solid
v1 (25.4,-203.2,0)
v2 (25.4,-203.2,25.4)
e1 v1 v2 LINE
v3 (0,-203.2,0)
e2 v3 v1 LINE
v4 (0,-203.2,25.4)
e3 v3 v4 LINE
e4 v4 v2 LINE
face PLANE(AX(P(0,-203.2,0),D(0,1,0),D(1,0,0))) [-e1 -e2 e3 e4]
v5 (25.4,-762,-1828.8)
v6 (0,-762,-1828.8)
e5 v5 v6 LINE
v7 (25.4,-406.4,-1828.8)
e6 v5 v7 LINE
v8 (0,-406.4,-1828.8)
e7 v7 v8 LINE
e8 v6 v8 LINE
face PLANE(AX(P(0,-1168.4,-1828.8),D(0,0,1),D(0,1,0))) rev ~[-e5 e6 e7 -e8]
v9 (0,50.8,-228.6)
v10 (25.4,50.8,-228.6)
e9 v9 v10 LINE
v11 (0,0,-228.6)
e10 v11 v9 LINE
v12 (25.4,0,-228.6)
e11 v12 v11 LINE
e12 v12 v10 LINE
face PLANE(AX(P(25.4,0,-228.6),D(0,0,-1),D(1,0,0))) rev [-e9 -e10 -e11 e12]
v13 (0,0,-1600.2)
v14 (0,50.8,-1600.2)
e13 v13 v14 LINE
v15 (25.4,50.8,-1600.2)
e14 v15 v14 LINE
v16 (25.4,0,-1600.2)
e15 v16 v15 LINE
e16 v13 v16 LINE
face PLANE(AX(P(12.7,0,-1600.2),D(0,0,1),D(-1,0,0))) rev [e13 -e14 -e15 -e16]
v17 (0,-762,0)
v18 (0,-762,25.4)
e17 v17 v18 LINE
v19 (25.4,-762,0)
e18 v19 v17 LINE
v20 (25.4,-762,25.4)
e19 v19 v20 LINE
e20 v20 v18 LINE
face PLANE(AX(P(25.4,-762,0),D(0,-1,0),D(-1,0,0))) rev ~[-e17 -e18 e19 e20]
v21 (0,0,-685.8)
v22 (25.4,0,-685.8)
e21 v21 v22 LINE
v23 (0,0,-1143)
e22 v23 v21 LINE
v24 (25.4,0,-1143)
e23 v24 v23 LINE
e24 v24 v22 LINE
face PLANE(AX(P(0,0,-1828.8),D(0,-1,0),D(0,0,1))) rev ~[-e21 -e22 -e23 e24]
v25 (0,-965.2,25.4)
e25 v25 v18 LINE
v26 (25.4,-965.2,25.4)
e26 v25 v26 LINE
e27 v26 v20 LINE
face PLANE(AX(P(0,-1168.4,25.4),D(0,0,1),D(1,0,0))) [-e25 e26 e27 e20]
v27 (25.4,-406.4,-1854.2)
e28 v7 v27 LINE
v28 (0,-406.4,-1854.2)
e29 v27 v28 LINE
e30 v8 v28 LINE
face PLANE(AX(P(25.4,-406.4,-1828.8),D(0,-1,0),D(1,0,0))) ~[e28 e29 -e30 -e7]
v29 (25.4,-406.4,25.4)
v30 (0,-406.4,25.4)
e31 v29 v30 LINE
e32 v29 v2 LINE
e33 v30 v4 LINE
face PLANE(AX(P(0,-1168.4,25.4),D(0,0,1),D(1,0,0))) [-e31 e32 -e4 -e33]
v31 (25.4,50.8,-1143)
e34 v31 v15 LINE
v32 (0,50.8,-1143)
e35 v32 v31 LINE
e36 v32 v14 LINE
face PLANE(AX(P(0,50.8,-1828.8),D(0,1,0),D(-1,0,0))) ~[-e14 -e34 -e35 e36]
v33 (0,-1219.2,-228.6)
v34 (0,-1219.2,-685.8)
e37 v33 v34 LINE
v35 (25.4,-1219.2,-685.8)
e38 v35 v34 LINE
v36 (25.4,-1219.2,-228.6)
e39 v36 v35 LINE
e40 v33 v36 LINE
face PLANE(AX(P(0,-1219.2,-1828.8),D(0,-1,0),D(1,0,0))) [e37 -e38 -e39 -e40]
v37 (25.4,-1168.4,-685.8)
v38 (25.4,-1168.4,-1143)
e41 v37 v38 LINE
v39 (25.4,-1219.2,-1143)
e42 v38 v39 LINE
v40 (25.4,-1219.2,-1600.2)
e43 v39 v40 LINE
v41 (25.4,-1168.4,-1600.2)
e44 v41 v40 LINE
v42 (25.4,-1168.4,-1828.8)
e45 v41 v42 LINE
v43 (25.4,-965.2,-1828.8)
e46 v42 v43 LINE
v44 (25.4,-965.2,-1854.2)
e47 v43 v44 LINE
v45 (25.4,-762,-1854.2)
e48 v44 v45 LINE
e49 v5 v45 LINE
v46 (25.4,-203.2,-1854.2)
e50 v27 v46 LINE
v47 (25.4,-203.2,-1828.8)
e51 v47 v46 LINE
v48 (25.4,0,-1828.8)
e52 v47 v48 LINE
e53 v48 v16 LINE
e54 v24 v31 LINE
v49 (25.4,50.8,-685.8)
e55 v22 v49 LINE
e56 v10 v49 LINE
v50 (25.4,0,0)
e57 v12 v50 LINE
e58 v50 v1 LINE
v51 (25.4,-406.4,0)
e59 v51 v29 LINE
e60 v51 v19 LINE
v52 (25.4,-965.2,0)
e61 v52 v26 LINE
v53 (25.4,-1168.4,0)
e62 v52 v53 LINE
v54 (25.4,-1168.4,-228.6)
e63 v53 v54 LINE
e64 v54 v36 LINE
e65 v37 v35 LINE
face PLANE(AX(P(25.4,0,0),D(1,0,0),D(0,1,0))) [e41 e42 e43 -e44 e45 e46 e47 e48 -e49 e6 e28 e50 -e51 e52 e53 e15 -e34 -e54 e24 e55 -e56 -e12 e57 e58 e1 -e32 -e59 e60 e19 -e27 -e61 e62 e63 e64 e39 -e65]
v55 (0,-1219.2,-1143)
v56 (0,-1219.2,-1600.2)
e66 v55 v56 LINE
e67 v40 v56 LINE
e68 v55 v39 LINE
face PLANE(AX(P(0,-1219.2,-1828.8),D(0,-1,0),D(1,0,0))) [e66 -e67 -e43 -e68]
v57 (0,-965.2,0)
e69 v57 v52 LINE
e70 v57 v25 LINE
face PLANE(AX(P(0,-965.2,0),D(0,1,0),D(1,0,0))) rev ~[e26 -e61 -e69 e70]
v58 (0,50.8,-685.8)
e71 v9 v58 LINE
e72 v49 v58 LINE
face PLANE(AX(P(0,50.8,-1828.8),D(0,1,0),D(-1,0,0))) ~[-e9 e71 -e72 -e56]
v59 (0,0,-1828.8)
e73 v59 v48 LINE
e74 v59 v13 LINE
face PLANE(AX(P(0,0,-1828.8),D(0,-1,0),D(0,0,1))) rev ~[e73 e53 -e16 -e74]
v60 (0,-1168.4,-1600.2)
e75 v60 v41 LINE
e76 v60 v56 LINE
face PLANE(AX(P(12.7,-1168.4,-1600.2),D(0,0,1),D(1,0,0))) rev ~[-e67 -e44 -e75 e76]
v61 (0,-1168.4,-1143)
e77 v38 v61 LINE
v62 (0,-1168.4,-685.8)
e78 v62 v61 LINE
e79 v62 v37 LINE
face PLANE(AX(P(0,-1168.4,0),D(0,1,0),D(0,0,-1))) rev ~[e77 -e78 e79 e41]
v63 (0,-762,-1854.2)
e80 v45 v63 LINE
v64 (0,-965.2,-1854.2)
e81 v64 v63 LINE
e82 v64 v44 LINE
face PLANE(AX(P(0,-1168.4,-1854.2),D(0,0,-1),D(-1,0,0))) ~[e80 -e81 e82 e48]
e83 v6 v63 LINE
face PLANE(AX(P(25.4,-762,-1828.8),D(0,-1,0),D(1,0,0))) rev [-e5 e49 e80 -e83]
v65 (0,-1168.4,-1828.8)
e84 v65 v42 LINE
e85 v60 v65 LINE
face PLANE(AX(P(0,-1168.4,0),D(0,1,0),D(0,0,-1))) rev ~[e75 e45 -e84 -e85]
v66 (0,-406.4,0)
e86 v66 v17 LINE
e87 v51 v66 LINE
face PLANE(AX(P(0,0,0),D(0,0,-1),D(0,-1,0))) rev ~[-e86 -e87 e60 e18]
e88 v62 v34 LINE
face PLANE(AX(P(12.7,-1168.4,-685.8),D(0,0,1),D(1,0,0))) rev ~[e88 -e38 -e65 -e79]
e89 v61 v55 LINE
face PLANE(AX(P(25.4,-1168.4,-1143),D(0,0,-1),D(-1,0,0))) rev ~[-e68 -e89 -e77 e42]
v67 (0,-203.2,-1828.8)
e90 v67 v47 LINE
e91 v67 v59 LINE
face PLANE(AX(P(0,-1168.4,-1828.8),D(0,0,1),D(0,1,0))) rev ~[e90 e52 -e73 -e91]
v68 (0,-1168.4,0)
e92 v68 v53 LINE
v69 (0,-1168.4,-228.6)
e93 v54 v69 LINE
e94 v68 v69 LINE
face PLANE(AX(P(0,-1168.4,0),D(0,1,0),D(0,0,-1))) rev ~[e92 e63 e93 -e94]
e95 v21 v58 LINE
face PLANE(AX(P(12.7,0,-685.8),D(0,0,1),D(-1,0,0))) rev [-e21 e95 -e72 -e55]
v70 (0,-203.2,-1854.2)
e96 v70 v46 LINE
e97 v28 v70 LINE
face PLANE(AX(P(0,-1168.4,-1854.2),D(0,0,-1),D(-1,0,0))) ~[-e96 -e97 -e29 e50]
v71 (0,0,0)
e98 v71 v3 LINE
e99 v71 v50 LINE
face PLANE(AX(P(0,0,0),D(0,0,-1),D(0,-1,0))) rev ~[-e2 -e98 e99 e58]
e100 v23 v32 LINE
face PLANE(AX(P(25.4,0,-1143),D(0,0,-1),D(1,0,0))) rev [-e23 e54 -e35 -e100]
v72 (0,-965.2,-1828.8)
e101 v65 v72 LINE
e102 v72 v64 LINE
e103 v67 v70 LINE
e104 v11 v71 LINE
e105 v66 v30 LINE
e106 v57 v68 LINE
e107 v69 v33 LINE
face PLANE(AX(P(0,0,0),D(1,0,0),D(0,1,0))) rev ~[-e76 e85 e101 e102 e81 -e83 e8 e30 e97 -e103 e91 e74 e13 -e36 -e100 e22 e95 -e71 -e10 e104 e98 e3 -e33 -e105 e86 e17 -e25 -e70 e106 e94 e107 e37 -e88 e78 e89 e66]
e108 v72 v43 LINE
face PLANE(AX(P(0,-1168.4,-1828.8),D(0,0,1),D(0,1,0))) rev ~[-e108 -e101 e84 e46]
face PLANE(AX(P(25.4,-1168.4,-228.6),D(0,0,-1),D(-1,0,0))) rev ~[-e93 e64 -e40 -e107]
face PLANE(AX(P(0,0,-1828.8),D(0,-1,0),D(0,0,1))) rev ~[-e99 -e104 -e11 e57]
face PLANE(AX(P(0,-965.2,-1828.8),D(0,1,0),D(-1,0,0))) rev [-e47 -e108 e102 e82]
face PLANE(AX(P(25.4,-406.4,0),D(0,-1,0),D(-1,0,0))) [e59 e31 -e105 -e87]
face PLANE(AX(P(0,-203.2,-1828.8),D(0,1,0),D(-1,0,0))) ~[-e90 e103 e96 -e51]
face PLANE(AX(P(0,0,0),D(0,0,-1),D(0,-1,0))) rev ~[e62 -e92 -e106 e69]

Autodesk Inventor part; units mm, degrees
ref_plane "YZ Plane" through (0, 0, 0) normal (1, 0, 0) x (0, 1, 0)
sketch "Sketch1" plane through (0, 0, 0) normal (1, 0, 0) x (0, 1, 0)
  line L0 (0, 0) -> (-1168.4, 0)
  line L1 (-1168.4, 0) -> (-1168.4, -1828.8)
  line L2 (-1168.4, -1828.8) -> (0, -1828.8)
  line L3 (0, -1828.8) -> (0, 0)
  dimension "d0" = 1168.4
  dimension "d1" = 1828.8
extrude "Extrusion1" add sketch "Sketch1" along normal blind 25.4
sketch "Sketch2" plane through (0, -1168.4, -1828.8) normal (0, -1, 0) x (1, 0, 0)
  line L0 (25.4, 1828.8) -> (25.4, 0) projected
  line L1 (0, 1828.8) -> (0, 0) projected
  line L2 (25.4, 1600.2) -> (0, 1600.2)
  line L3 (0, 1600.2) -> (0, 1143)
  line L4 (0, 1143) -> (25.4, 1143)
  line L5 (25.4, 1143) -> (25.4, 1600.2)
  line L6 (25.4, 685.8) -> (0, 685.8)
  line L7 (0, 685.8) -> (0, 228.6)
  line L8 (0, 228.6) -> (25.4, 228.6)
  line L9 (25.4, 228.6) -> (25.4, 685.8)
  line L10 (12.7, 1600.2) -> (12.7, 1143)
  line L11 (12.7, 685.8) -> (12.7, 228.6)
  line L12 (0, 1828.8) -> (25.4, 1828.8) projected
  line L13 (12.7, 1828.8) -> (12.7, 1600.2)
  line L14 (0, 0) -> (25.4, 0) projected
  line L15 (12.7, 0) -> (12.7, 228.6)
  dimension "d4" = 228.6
  dimension "d5" = 457.2
extrude "Extrusion2" add sketch "Sketch2" along normal blind 50.8 contours L0 L4 L10 L2 | L10 L4 L1 L2 | L0 L8 L11 L6 | L11 L8 L1 L6
sketch "Sketch3" plane through (0, -1168.4, 0) normal (0, 0, 1) x (1, 0, 0)
  line L0 (0, 0) -> (0, 1168.4) projected
  line L1 (25.4, 0) -> (25.4, 1168.4) projected
  line L2 (0, 203.2) -> (25.4, 203.2)
  line L3 (25.4, 203.2) -> (25.4, 406.4)
  line L4 (25.4, 406.4) -> (0, 406.4)
  line L5 (0, 406.4) -> (0, 203.2)
  line L6 (0, 1168.4) -> (0, 0) projected
  line L7 (0, 0) -> (25.4, 0) projected
  line L8 (25.4, 1168.4) -> (25.4, 0) projected
  line L9 (0, 1168.4) -> (25.4, 1168.4) projected
  line L10 (0, 965.2) -> (25.4, 965.2)
  line L11 (25.4, 965.2) -> (25.4, 762)
  line L12 (25.4, 762) -> (0, 762)
  line L13 (0, 762) -> (0, 965.2)
  dimension "d8" = 203.2
  dimension "d9" = 203.2
  dimension "d12" = 203.2
  dimension "d13" = 355.6
extrude "Extrusion3" add sketch "Sketch3" along normal blind 25.4 contours L0 L4 L1 L2 | L0 L10 L1 L12
ref_plane "Work Plane1" through (0, 0, -914.4) normal (0, 0, 1) x (1, 0, 0)
mirror "Mirror1" about plane through (0, 0, -914.4) normal (0, 0, 1) of "Extrusion3"
ref_plane "Work Plane2" through (0, -584.2, -1143) normal (0, -1, 0) x (1, 0, 0)
mirror "Mirror2" about plane through (0, -584.2, -1143) normal (0, -1, 0) of "Extrusion2"
properties part number "rev1 large wall"
